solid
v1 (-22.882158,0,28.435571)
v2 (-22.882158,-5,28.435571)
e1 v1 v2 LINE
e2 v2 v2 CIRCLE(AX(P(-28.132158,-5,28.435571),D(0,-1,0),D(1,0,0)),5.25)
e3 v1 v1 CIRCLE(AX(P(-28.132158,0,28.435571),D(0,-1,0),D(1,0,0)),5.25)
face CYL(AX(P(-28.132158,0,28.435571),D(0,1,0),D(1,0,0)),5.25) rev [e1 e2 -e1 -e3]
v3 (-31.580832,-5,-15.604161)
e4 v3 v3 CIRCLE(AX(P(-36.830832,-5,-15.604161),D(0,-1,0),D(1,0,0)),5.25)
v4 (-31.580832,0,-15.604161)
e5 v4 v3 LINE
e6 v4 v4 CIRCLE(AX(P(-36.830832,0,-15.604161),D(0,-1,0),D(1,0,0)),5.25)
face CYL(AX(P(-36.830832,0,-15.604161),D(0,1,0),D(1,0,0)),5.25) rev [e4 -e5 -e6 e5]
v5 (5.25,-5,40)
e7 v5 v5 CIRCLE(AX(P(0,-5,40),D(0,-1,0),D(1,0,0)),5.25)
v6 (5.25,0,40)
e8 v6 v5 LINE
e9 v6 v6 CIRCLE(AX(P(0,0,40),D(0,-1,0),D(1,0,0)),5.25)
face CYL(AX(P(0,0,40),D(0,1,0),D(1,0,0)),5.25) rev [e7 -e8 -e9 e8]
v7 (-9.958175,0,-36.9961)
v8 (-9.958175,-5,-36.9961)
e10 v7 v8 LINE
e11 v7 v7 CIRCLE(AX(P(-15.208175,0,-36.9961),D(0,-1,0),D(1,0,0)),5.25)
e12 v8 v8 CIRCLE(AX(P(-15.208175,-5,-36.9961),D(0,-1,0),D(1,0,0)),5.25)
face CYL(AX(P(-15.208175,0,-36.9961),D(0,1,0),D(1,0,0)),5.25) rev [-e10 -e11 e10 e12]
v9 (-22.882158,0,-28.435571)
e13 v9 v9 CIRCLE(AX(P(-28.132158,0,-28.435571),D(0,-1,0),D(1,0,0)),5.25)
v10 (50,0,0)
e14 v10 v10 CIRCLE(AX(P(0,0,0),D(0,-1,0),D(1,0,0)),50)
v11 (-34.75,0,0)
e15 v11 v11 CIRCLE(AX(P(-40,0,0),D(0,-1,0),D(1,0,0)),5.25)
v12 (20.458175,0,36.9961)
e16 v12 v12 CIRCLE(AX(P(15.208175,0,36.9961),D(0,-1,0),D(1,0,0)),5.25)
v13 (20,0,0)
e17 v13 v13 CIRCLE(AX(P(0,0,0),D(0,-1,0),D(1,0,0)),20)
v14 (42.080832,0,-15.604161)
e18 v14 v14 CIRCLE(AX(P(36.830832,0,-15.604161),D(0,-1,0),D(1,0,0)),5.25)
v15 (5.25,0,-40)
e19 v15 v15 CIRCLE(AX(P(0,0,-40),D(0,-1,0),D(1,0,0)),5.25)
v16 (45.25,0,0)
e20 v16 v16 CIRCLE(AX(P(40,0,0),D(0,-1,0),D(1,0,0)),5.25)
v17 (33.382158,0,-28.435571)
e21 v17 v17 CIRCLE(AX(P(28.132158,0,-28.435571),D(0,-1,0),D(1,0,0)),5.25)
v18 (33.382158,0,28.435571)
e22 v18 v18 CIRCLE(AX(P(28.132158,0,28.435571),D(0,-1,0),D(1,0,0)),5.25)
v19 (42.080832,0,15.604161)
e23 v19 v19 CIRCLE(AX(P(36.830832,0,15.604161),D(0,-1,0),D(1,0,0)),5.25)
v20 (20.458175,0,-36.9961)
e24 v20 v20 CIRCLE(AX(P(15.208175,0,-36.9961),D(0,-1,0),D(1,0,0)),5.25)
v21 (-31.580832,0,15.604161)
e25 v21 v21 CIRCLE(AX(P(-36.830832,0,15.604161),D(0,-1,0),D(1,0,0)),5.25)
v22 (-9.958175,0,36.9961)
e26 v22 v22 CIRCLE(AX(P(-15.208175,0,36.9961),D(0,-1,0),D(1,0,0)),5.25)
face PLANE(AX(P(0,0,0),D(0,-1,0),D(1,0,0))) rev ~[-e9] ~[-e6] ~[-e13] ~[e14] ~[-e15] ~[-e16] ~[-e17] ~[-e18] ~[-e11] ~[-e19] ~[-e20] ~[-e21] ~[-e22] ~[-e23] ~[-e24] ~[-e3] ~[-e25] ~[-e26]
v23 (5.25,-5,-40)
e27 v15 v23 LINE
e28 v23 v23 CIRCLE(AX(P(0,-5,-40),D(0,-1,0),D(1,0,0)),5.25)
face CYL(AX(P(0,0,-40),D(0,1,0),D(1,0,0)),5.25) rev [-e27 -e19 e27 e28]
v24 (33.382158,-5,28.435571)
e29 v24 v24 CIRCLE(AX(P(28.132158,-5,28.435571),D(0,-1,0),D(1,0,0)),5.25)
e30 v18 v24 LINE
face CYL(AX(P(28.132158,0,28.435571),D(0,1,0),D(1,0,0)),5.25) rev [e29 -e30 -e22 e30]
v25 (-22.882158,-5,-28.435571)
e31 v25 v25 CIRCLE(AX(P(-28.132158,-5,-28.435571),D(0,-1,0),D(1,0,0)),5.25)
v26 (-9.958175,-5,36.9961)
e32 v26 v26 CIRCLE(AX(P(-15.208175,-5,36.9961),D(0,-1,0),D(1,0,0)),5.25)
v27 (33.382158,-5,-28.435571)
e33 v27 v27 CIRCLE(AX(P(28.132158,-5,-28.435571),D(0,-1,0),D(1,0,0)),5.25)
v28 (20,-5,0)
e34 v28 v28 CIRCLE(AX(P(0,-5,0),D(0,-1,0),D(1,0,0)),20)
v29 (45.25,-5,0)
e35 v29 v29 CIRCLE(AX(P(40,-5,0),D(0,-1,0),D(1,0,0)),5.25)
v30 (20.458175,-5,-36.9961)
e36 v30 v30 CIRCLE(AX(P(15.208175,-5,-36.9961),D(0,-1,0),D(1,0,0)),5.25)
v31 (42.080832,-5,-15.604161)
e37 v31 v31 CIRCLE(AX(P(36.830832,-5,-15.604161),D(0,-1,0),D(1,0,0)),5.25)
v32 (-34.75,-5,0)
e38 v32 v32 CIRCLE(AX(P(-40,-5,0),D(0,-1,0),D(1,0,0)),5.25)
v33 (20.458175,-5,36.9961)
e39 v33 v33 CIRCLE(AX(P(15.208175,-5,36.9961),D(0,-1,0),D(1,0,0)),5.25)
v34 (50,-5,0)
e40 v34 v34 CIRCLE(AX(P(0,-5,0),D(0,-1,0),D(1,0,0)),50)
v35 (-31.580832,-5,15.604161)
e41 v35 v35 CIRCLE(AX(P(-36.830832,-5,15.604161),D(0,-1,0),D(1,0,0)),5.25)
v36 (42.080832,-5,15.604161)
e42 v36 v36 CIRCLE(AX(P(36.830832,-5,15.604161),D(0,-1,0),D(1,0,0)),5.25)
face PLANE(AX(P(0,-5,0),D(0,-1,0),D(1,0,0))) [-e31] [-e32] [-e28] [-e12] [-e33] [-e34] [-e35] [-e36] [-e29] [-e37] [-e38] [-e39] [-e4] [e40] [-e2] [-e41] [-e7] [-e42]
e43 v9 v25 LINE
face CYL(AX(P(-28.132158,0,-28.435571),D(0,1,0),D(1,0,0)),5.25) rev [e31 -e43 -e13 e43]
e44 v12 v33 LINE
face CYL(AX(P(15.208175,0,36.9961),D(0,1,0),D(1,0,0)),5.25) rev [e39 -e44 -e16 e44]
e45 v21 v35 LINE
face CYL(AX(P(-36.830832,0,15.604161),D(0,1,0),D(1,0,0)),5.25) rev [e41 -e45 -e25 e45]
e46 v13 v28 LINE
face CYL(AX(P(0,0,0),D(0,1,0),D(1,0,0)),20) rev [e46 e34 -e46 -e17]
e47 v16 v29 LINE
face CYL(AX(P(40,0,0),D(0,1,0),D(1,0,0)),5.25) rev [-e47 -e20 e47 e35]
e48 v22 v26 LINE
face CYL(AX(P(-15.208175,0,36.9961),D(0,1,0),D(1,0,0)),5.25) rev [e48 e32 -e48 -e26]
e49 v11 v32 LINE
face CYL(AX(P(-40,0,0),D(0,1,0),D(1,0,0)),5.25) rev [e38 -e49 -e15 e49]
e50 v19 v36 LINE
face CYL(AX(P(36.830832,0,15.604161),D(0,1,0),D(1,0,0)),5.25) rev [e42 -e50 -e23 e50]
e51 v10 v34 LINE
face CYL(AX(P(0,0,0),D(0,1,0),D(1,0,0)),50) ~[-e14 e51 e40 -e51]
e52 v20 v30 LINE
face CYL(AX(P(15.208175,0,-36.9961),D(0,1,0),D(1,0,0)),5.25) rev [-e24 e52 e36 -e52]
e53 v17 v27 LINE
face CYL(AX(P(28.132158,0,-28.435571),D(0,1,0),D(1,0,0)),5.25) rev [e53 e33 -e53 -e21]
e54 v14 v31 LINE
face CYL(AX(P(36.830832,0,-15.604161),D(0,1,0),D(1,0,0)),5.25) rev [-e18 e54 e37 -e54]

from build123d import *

# Parameters (mm, degrees)
F0_R     = 50
F0_R_2   = 5.25
F0_R_3   = 20
F1_DEPTH = 5


with BuildPart() as f1:
    # F0 (on Front) → F1 (new body)
    with BuildSketch(Plane.XZ):
        Circle(F0_R)
        with Locations((-28.132158, -28.435571)):
            Circle(F0_R_2, mode=Mode.SUBTRACT)
        with Locations((-15.208175, -36.9961)):
            Circle(F0_R_2, mode=Mode.SUBTRACT)
        with Locations((-36.830832, -15.604161)):
            Circle(F0_R_2, mode=Mode.SUBTRACT)
        with Locations((0, -40)):
            Circle(F0_R_2, mode=Mode.SUBTRACT)
        with Locations((15.208175, -36.9961)):
            Circle(F0_R_2, mode=Mode.SUBTRACT)
        with Locations((28.132158, -28.435571)):
            Circle(F0_R_2, mode=Mode.SUBTRACT)
        with Locations((36.830832, -15.604161)):
            Circle(F0_R_2, mode=Mode.SUBTRACT)
        with Locations((-40, 0)):
            Circle(F0_R_2, mode=Mode.SUBTRACT)
        with Locations((-36.830832, 15.604161)):
            Circle(F0_R_2, mode=Mode.SUBTRACT)
        with Locations((-28.132158, 28.435571)):
            Circle(F0_R_2, mode=Mode.SUBTRACT)
        with Locations((-15.208175, 36.9961)):
            Circle(F0_R_2, mode=Mode.SUBTRACT)
        Circle(F0_R_3, mode=Mode.SUBTRACT)
        with Locations((40, 0)):
            Circle(F0_R_2, mode=Mode.SUBTRACT)
        with Locations((36.830832, 15.604161)):
            Circle(F0_R_2, mode=Mode.SUBTRACT)
        with Locations((15.208175, 36.9961)):
            Circle(F0_R_2, mode=Mode.SUBTRACT)
        with Locations((0, 40)):
            Circle(F0_R_2, mode=Mode.SUBTRACT)
        with Locations((28.132158, 28.435571)):
            Circle(F0_R_2, mode=Mode.SUBTRACT)
    extrude(amount=F1_DEPTH)


solid = f1.part
